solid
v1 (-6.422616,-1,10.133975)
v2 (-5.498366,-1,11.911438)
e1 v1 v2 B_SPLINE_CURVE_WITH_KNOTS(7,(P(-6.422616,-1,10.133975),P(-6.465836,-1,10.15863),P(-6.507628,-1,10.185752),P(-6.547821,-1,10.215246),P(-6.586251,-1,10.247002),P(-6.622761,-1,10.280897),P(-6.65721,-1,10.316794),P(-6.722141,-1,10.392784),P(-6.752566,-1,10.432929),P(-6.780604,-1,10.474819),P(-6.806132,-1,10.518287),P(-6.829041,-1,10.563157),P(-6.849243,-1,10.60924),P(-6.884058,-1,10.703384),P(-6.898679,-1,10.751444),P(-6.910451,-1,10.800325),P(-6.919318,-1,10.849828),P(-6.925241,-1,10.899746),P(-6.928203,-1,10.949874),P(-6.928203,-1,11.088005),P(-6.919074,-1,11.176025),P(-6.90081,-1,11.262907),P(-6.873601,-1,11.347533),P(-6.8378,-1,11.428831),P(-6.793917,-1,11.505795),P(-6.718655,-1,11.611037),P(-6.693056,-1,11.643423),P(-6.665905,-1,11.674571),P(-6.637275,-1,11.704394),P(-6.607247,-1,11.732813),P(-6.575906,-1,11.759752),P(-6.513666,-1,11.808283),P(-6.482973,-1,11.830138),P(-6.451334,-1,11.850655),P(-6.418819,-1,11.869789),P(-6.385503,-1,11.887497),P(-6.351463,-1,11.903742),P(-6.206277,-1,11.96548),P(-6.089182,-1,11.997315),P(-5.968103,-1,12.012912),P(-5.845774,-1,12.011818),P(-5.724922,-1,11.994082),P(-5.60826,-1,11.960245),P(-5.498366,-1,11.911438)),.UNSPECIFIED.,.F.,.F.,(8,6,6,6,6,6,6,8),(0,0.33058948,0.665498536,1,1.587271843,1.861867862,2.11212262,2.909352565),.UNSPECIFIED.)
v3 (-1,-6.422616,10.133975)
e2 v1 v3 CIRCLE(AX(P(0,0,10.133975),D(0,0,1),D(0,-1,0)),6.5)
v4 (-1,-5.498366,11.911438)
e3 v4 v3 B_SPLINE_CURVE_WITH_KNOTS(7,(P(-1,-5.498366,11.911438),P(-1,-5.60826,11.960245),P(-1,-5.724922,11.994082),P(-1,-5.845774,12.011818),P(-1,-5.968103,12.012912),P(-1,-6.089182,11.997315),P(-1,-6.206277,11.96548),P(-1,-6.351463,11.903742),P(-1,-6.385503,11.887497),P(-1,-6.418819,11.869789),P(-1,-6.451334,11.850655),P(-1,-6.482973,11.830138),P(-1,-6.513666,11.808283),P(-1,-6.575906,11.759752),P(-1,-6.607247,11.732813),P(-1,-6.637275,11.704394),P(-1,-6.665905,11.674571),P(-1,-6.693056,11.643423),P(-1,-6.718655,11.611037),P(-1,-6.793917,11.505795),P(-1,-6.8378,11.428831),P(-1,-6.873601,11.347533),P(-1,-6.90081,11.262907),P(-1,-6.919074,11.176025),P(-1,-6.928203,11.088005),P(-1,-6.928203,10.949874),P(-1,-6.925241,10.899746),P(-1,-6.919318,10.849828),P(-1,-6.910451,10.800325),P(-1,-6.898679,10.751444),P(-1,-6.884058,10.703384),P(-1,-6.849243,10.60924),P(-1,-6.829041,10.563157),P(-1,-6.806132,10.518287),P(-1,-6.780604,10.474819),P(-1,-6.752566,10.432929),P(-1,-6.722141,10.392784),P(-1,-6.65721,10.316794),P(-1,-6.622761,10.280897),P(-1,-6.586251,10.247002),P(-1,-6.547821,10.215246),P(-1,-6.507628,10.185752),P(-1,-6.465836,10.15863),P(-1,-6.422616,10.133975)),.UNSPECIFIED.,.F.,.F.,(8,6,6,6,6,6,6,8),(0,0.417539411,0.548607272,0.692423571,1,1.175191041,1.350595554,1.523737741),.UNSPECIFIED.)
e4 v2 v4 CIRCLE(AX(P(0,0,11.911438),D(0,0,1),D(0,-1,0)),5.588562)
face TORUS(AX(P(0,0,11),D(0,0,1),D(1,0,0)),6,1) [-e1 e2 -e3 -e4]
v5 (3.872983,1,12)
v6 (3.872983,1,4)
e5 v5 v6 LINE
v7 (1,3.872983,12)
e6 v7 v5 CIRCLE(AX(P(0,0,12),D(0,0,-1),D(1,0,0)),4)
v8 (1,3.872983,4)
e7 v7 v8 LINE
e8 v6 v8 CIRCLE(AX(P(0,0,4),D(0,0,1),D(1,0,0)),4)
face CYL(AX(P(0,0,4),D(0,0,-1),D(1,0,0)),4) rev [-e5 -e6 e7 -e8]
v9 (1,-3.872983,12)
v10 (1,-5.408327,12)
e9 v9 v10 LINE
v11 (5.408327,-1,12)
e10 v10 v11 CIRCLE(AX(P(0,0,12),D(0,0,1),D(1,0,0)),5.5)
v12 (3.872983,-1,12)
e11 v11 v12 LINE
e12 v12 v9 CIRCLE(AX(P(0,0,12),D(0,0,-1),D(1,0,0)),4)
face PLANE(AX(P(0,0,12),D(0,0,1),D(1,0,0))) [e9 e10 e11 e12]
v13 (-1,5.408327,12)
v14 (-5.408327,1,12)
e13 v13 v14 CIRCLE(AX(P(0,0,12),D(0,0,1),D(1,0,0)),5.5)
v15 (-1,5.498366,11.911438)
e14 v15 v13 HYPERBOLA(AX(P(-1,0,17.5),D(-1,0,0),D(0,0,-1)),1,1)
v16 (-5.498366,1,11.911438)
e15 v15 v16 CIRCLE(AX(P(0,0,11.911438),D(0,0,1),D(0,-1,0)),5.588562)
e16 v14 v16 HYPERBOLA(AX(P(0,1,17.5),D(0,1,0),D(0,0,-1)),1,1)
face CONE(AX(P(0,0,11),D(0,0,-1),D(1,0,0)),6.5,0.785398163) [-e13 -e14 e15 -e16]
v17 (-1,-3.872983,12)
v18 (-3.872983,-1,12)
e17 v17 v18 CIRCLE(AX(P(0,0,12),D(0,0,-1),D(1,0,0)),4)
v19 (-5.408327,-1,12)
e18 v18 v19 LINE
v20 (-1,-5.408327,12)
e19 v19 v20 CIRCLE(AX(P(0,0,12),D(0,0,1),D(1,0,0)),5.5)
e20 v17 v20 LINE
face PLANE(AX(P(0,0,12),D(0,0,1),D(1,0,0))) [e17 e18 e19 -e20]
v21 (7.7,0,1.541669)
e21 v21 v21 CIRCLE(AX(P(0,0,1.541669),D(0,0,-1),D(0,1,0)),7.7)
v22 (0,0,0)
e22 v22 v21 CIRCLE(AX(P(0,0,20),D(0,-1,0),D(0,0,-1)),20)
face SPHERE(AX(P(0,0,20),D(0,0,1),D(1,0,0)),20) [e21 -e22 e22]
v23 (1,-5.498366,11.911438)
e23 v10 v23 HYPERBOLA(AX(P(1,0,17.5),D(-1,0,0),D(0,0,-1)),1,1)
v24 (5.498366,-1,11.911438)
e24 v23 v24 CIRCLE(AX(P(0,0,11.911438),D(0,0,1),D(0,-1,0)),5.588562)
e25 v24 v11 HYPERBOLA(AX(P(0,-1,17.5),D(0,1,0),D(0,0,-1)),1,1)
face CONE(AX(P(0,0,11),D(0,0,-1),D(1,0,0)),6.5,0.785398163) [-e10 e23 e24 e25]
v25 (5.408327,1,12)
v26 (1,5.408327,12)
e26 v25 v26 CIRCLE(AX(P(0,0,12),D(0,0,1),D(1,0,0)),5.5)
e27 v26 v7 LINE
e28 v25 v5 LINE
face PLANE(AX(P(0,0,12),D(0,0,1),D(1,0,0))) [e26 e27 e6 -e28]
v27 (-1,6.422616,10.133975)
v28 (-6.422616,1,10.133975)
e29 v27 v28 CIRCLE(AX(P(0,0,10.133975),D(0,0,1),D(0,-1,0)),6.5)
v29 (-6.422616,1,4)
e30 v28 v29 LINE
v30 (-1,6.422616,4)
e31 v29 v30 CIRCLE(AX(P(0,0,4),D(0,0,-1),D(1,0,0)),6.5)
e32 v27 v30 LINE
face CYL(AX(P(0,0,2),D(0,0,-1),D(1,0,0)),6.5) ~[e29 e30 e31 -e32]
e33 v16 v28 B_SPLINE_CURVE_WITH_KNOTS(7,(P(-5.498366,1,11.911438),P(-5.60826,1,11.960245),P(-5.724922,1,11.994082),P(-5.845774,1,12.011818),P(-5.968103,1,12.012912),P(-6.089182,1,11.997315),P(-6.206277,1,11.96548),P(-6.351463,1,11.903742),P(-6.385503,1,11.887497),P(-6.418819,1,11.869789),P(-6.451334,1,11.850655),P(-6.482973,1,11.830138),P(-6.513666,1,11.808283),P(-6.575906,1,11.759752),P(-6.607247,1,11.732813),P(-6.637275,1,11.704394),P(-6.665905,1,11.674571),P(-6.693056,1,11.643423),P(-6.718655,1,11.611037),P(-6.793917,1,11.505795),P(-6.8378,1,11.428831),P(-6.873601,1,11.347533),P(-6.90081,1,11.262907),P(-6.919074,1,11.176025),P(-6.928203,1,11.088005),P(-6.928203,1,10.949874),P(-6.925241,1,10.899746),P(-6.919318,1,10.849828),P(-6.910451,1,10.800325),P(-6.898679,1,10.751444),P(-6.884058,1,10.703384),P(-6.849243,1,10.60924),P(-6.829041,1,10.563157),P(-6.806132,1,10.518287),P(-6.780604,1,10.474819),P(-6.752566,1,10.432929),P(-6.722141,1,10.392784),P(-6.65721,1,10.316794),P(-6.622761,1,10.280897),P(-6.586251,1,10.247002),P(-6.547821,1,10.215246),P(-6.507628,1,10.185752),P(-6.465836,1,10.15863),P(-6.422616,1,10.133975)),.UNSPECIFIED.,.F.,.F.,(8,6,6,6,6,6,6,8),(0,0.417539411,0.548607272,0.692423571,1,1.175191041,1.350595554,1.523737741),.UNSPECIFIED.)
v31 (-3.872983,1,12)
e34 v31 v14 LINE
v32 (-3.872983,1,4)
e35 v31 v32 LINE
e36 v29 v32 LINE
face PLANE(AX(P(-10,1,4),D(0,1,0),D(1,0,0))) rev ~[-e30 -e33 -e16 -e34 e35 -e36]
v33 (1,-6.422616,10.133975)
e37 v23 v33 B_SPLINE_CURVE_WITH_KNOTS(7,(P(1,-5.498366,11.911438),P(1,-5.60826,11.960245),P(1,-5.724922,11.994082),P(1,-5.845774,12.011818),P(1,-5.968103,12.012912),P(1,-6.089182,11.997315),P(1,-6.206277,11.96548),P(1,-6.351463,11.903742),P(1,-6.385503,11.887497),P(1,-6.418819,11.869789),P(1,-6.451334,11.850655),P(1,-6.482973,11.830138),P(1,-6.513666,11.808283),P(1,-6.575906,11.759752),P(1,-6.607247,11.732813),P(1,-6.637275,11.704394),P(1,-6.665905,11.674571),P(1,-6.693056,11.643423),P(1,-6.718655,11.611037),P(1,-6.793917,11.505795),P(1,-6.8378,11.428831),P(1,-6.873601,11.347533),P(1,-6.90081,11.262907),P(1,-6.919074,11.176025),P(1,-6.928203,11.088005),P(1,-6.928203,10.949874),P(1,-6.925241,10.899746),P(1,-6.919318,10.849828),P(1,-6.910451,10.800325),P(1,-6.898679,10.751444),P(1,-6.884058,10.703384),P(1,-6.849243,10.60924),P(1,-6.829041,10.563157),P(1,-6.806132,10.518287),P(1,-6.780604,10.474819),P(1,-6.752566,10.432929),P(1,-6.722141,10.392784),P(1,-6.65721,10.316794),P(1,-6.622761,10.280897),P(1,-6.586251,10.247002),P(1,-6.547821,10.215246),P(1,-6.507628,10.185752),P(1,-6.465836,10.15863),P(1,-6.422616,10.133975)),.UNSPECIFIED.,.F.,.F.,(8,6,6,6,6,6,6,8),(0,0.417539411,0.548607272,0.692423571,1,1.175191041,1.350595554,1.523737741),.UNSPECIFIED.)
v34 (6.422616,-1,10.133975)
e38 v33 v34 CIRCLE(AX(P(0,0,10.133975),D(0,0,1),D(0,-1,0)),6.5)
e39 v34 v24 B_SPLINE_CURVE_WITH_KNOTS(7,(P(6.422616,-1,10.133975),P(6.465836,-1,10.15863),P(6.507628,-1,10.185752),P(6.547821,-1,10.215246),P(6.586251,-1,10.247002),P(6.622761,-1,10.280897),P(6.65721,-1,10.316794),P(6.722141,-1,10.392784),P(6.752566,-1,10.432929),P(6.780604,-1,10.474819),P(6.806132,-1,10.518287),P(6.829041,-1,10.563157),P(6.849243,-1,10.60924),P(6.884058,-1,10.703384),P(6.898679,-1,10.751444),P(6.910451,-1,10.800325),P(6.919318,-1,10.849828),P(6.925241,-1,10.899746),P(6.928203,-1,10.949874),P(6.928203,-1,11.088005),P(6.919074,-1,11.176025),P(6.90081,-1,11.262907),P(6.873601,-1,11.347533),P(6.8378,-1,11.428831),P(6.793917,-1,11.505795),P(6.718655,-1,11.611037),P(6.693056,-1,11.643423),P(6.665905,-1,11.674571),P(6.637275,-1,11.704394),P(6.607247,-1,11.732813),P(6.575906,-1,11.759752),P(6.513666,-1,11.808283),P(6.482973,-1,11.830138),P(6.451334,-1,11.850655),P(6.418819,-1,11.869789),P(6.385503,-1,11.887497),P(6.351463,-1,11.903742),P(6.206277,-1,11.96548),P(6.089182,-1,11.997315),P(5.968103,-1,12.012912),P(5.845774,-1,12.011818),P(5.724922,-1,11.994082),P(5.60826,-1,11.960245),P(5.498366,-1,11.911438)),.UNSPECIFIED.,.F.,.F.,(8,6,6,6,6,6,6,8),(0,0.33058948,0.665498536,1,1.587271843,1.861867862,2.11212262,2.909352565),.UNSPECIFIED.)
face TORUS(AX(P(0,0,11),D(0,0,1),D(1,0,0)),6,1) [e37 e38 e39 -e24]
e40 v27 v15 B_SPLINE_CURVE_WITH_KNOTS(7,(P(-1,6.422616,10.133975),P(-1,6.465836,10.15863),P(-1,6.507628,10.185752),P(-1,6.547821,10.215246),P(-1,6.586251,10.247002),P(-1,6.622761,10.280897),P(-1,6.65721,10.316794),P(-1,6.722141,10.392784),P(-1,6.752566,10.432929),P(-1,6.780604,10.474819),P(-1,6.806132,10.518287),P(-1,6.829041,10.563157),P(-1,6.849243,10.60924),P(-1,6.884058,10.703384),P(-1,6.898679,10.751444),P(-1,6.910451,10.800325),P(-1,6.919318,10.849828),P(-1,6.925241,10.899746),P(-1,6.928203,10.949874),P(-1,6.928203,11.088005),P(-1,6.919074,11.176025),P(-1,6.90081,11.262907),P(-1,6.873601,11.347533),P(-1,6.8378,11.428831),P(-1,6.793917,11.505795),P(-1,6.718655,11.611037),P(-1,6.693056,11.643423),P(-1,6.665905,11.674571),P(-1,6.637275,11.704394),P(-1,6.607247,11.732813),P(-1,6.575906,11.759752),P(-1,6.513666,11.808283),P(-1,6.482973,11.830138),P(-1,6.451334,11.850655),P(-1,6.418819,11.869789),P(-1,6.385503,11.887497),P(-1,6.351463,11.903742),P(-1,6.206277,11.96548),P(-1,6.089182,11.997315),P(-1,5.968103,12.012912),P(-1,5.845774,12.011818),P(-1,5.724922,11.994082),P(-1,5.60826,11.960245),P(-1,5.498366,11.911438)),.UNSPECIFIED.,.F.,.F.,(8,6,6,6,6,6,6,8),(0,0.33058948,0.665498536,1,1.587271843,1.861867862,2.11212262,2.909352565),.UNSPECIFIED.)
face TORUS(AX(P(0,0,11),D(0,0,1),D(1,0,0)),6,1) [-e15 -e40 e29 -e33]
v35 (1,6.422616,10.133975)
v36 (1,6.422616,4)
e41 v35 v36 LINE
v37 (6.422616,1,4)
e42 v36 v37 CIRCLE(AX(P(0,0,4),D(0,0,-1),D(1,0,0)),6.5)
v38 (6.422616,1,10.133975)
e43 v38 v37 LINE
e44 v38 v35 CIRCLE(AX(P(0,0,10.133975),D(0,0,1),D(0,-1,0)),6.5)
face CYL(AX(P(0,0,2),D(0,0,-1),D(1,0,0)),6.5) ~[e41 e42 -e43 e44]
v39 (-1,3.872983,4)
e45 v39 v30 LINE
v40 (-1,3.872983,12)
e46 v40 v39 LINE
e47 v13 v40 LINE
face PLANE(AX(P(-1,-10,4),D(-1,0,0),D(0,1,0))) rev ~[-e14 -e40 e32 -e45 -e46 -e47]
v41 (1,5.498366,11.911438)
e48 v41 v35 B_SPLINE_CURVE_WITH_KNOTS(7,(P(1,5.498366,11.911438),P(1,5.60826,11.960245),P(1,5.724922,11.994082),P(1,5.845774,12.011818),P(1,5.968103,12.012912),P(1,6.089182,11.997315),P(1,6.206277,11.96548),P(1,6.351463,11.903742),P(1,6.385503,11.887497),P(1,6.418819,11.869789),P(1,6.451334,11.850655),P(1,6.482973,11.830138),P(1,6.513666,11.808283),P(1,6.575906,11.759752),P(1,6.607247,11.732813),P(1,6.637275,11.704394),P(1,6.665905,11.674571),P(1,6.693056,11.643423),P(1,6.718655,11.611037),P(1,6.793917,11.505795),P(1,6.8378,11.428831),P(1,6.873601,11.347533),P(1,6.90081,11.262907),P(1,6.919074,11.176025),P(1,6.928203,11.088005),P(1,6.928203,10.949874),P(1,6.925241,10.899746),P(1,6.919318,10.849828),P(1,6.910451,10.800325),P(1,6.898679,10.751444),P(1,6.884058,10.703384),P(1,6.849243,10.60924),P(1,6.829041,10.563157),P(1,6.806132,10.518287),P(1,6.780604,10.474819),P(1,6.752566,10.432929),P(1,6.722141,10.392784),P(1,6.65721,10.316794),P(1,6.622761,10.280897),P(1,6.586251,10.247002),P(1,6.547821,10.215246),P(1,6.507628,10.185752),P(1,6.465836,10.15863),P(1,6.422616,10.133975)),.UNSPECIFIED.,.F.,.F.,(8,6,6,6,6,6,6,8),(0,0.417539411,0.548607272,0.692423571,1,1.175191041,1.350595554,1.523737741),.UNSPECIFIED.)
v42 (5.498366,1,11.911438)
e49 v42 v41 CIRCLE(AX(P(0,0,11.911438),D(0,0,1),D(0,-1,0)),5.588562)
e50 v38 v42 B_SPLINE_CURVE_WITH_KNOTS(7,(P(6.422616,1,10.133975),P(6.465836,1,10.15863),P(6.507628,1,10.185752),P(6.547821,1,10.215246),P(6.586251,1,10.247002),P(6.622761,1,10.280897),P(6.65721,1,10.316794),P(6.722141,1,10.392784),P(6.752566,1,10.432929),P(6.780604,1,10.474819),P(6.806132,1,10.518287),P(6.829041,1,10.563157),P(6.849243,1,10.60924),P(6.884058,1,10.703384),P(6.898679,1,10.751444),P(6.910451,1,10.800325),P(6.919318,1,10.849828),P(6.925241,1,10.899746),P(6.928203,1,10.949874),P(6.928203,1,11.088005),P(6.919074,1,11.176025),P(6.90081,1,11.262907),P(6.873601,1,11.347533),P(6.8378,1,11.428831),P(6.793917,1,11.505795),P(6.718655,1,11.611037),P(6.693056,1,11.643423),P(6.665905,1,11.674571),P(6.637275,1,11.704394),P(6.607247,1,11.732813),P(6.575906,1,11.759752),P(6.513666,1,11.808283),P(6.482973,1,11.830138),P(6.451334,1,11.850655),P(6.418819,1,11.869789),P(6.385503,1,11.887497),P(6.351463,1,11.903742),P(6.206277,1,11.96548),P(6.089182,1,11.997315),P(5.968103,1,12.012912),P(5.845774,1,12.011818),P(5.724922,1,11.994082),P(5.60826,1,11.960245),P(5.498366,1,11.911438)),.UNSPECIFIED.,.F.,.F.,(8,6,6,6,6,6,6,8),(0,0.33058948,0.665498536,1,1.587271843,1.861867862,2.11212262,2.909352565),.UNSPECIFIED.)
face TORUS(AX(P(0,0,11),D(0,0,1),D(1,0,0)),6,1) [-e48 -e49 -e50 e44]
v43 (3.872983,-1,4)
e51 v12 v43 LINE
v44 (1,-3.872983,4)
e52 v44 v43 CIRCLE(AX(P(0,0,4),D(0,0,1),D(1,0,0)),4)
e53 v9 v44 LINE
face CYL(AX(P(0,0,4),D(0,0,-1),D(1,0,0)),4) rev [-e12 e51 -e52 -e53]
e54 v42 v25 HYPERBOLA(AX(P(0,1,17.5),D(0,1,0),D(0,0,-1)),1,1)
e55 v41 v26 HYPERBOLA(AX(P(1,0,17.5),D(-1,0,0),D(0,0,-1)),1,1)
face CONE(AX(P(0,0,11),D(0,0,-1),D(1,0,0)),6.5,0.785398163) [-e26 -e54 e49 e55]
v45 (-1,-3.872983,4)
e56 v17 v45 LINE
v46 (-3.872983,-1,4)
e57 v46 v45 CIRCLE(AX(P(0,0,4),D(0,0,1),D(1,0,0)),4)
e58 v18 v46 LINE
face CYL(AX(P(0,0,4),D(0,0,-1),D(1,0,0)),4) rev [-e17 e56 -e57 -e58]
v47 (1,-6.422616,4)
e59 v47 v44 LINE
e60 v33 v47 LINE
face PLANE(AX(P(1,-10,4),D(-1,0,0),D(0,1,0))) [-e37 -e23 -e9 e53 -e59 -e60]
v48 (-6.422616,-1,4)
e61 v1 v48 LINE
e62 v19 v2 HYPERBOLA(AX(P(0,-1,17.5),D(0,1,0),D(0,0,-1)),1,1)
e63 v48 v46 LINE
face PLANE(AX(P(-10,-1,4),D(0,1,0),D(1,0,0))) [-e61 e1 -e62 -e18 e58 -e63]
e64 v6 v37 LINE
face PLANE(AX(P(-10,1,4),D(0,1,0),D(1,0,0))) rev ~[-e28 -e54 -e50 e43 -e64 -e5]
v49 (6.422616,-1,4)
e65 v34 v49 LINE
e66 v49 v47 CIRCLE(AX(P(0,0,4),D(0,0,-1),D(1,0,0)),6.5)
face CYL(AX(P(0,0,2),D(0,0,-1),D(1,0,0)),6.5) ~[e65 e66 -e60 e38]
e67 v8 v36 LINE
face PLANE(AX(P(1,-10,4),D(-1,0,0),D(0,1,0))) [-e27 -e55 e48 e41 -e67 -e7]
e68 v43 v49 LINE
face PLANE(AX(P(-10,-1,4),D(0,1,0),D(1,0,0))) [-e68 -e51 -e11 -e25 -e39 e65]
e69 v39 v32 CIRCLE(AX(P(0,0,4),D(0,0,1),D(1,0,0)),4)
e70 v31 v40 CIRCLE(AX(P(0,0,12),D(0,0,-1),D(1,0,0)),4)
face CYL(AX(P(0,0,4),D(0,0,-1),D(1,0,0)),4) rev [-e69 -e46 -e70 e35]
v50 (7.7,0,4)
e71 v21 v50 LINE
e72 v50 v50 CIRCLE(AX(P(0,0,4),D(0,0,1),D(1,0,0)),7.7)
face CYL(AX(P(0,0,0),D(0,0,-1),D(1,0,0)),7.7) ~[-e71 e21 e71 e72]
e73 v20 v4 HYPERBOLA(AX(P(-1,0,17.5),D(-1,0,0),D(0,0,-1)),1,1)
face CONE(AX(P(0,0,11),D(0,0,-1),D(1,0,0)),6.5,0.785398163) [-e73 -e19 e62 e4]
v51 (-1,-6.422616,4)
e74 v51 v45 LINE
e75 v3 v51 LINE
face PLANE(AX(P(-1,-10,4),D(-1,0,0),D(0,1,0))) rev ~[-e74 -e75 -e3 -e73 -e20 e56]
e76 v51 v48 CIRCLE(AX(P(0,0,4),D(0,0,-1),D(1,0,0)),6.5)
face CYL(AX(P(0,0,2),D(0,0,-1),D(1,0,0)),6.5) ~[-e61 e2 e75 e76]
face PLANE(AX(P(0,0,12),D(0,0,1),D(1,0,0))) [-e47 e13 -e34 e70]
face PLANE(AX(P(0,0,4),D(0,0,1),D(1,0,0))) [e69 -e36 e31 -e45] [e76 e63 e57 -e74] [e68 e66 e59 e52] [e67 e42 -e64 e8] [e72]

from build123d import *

# Parameters (mm, degrees)
BOX001_W          = 20
BOX001_H          = 2
BOX001_DEPTH      = 10
BOX_W             = 2
BOX_H             = 20
BOX_DEPTH         = 10
CYLINDER002_R     = 4
CYLINDER002_DEPTH = 10
TORUS_R           = 1
CYLINDER001_R     = 6.5
CYLINDER001_DEPTH = 10
CYLINDER_R        = 7.7
CYLINDER_DEPTH    = 4
CHAMFER_SIZE      = 1


with BuildPart() as cube001:
    # Box001 → Box001 (new body)
    with BuildSketch(Plane(origin=(-10, -1, 4), x_dir=(1, 0, 0), z_dir=(0, 0, 1))):
        with Locations((10, 1)):
            Rectangle(BOX001_W, BOX001_H)
    extrude(amount=BOX001_DEPTH)


with BuildPart() as cube:
    # Box → Box (new body)
    with BuildSketch(Plane(origin=(-1, -10, 4), x_dir=(1, 0, 0), z_dir=(0, 0, 1))):
        with Locations((1, 10)):
            Rectangle(BOX_W, BOX_H)
    extrude(amount=BOX_DEPTH)


with BuildPart() as fusion002:
    # Cylinder002 → Cylinder002 (new body)
    with BuildSketch(Plane.XY.offset(4)):
        Circle(CYLINDER002_R)
    extrude(amount=CYLINDER002_DEPTH)

    # Fusion002: union Cube001, Cube
    add(cube001.part)
    add(cube.part)


with BuildPart() as torus:
    # Torus → Torus (revolve)
    with BuildSketch(Plane(origin=(0, 0, 11), x_dir=(1, 0, 0), z_dir=(0, -1, 0))):
        with Locations((6, 0)):
            Circle(TORUS_R)
    revolve(axis=Axis((0, 0, 11), (0, 0, 1)))


with BuildPart() as cylinder001:
    # Cylinder001 → Cylinder001 (new body)
    with BuildSketch(Plane.XY.offset(2)):
        Circle(CYLINDER001_R)
    extrude(amount=CYLINDER001_DEPTH)


with BuildPart() as cylinder:
    # Cylinder → Cylinder (new body)
    with BuildSketch(Plane.XY):
        Circle(CYLINDER_R)
    extrude(amount=CYLINDER_DEPTH)


with BuildPart() as stopa1:
    # Sphere → Sphere (revolve)
    with BuildSketch(Plane(origin=(0, 0, 20), x_dir=(1, 0, 0), z_dir=(0, -1, 0))):
        with BuildLine():
            ThreePointArc((0, -20), (20, 0), (0, 20))
            Line((0, 20), (0, -20))
        make_face()
    revolve(axis=Axis((0, 0, 20), (0, 0, 1)))

    # Common: intersect Cylinder
    add(cylinder.part, mode=Mode.INTERSECT)

    # Fusion: union Cylinder001
    add(cylinder001.part)

    # Chamfer
    chamfer_edges = [stopa1.edges().sort_by_distance(p)[0] for p in [
        (-6.5, 0, 12),
    ]]
    chamfer(chamfer_edges, length=CHAMFER_SIZE)

    # Fusion001: union Torus
    add(torus.part)

    # Cut: cut Fusion002
    add(fusion002.part, mode=Mode.SUBTRACT)


solid = stopa1.part
